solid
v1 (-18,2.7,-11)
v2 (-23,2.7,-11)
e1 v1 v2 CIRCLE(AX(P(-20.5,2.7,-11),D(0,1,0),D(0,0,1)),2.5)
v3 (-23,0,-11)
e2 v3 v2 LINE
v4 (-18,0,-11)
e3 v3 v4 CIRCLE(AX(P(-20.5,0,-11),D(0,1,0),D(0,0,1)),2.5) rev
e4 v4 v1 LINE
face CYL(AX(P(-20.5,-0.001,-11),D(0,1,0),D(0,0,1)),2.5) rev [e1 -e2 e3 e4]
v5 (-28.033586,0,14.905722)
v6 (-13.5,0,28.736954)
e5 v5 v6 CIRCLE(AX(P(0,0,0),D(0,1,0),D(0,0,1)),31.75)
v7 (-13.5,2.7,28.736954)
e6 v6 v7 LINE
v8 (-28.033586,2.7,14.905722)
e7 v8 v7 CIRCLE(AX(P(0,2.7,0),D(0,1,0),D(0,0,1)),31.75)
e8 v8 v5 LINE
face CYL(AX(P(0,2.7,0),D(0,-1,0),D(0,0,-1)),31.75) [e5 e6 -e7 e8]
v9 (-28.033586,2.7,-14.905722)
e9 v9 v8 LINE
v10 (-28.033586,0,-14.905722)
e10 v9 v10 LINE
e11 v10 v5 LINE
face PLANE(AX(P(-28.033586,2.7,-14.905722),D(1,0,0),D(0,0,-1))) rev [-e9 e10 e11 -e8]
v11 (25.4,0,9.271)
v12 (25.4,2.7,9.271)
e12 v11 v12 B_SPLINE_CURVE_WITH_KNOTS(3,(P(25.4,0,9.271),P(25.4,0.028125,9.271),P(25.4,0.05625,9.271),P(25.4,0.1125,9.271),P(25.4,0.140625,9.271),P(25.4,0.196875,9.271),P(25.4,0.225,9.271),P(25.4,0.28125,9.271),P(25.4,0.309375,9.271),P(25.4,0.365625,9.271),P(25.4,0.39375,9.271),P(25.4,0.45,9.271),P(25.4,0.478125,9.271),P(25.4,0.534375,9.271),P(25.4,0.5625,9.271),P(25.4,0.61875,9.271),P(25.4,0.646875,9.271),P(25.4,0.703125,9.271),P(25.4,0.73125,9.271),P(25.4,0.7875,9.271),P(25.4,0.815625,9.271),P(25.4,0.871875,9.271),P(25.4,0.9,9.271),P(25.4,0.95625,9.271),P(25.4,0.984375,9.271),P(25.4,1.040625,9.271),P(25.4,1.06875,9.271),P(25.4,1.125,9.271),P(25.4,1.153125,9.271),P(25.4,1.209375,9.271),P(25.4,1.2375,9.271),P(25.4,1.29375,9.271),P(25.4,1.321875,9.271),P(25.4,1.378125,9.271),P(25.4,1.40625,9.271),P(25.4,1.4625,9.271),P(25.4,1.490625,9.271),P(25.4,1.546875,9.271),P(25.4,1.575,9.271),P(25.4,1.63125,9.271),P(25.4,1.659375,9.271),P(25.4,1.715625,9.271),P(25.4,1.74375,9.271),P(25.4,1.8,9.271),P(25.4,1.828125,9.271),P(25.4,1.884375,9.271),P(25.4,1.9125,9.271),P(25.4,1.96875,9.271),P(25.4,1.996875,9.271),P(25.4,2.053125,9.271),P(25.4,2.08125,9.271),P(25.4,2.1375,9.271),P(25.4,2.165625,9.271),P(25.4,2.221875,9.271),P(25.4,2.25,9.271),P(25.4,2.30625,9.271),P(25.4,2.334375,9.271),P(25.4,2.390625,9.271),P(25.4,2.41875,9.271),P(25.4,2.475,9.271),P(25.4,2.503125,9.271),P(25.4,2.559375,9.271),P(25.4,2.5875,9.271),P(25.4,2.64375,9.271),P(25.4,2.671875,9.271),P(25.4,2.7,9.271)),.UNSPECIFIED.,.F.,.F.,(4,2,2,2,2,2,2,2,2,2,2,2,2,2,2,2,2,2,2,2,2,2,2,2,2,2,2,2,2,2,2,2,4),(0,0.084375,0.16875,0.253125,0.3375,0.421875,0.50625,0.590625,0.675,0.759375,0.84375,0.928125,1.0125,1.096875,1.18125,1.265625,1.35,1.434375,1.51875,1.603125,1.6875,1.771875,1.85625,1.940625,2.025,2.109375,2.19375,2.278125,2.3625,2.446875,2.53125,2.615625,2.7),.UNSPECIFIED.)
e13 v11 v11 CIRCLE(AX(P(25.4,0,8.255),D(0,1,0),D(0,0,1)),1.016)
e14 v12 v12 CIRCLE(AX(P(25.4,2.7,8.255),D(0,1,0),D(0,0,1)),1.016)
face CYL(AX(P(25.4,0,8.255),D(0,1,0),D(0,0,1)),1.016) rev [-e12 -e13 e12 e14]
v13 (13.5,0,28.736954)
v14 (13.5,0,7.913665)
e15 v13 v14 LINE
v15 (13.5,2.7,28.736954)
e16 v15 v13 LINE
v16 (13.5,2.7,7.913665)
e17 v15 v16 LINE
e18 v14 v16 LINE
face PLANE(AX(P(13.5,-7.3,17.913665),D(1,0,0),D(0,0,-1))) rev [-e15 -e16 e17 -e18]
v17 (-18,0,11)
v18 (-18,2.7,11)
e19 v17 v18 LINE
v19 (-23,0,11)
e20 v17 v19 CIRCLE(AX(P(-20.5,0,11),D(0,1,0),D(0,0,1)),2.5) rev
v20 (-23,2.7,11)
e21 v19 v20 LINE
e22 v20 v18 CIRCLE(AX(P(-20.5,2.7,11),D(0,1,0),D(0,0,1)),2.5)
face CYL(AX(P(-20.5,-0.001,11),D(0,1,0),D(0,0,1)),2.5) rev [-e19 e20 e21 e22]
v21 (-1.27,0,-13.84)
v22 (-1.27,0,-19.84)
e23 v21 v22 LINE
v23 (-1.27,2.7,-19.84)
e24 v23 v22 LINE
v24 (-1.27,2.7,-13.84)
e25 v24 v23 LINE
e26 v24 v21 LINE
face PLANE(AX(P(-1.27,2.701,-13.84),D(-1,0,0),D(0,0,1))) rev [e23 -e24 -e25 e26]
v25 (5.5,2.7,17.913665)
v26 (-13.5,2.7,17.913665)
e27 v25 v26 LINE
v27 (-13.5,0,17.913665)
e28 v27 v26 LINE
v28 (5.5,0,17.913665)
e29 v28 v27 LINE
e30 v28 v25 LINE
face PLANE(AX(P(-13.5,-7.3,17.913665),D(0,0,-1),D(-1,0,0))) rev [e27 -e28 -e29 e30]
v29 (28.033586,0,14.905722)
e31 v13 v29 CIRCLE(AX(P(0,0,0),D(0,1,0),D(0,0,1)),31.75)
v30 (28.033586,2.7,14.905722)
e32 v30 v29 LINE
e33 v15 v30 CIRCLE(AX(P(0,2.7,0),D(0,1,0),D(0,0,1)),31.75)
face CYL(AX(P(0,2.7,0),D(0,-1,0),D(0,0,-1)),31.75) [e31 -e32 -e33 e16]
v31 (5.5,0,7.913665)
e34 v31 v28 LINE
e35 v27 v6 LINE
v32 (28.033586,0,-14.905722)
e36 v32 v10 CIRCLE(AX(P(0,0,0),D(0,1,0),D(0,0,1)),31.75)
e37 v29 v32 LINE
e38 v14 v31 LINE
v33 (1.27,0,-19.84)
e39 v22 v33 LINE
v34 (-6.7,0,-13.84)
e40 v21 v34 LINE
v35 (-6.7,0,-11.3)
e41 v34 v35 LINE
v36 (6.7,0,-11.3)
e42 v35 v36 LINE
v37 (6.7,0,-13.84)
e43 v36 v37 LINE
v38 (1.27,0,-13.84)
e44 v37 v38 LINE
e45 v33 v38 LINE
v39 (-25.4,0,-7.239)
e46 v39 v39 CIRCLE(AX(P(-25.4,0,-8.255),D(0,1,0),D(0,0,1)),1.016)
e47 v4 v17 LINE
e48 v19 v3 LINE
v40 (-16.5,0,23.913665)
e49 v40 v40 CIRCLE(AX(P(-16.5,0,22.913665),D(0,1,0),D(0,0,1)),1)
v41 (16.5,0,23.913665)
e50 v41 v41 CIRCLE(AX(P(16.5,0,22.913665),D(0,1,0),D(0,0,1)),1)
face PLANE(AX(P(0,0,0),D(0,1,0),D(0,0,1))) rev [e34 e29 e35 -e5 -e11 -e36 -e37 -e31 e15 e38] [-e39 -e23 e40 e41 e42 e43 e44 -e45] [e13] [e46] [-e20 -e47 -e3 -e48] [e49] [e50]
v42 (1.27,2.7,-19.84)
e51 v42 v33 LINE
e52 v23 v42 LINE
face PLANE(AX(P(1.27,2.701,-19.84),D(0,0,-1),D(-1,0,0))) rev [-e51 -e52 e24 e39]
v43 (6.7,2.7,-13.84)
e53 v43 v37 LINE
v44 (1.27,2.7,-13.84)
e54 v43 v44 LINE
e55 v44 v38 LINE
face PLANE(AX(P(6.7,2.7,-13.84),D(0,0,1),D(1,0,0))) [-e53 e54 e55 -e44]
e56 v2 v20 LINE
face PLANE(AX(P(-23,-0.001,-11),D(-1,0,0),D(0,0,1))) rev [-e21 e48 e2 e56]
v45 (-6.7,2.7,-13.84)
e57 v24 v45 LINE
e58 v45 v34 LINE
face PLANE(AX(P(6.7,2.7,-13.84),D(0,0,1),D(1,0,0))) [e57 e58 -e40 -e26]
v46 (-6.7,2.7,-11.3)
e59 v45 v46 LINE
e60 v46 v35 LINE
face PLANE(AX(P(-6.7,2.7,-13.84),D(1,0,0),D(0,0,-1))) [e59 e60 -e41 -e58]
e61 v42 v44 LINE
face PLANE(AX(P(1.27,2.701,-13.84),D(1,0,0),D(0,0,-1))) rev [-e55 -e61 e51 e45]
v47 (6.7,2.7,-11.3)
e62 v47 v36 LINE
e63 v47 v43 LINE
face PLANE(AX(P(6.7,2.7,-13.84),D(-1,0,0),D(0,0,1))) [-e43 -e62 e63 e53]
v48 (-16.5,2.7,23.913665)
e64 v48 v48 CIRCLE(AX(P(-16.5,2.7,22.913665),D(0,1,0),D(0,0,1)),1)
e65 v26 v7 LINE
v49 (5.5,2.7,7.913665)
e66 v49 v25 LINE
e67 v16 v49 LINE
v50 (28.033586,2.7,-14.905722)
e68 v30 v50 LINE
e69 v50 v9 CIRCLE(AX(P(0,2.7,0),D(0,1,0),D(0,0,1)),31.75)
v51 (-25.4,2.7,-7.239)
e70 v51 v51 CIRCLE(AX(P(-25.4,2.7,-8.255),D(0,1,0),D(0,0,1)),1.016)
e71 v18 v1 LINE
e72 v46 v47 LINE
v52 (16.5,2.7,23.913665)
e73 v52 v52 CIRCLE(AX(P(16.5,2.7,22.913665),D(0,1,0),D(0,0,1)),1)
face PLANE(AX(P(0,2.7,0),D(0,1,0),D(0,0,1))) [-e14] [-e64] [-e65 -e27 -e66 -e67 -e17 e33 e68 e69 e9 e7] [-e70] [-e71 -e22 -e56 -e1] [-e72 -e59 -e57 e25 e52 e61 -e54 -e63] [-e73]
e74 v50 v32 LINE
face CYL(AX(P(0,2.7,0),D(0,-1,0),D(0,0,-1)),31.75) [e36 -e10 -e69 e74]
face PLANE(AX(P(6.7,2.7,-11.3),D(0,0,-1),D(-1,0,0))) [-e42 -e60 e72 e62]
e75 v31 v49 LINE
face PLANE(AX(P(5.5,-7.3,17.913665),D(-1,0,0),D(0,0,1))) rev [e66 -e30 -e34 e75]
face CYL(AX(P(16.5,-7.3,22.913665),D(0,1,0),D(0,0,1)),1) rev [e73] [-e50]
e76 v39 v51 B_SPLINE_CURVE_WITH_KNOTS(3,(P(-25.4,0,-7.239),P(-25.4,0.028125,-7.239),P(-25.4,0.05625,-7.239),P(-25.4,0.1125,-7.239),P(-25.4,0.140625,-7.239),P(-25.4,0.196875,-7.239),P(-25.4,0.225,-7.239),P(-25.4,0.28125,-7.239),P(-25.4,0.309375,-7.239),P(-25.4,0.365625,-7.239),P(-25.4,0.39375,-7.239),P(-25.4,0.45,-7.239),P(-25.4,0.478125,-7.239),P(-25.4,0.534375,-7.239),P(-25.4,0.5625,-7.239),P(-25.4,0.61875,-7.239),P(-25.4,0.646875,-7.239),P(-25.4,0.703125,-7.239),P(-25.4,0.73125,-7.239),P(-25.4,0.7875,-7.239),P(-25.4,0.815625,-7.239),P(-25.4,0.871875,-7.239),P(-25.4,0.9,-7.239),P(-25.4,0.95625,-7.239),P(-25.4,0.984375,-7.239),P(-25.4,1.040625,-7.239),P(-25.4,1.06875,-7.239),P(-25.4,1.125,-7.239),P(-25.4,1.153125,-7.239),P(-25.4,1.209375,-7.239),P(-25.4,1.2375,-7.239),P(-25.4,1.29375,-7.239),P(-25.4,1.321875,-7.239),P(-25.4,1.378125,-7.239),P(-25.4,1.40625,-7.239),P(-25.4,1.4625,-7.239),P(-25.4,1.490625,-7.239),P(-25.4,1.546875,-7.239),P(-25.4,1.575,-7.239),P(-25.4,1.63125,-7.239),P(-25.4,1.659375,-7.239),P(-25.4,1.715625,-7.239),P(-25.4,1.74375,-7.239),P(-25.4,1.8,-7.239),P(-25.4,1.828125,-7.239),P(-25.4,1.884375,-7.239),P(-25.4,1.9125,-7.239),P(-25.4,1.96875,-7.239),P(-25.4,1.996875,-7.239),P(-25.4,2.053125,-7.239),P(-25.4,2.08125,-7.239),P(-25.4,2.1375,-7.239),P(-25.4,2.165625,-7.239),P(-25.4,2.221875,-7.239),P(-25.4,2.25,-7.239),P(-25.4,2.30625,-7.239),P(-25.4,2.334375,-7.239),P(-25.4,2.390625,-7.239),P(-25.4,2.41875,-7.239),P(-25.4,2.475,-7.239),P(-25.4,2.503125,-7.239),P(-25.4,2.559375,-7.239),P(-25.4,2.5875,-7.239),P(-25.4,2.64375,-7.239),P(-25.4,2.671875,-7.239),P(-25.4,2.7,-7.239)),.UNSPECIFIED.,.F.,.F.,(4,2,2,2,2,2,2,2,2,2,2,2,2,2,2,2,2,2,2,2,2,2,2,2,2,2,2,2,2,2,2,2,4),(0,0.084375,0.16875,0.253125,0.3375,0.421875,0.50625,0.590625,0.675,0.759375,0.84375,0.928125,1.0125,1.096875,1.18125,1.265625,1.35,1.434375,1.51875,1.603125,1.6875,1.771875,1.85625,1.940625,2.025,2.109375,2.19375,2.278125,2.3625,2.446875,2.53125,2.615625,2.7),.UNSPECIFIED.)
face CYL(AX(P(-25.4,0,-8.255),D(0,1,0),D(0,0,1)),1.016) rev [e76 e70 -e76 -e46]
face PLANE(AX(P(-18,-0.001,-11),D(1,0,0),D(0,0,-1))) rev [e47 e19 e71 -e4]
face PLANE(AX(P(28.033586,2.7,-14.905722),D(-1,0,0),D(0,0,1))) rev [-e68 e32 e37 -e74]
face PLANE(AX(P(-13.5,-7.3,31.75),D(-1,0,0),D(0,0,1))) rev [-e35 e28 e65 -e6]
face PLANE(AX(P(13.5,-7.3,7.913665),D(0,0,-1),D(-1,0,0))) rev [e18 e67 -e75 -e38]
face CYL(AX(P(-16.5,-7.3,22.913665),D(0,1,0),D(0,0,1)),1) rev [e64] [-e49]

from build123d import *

# Parameters (mm, degrees)
SKETCH1_W          = 13.4
SKETCH1_H          = 2.54
BASE_DEPTH         = 2.7
WHEEL_HOLE_REACH   = 44.441
SKETCH9_R          = 1.016
CHIP_HOLDING_DEPTH = 43.440952488
NUB_SLOT_REACH     = 44.441
SKETCH10_W         = 2.54
SKETCH10_H         = 6
SKETCH11_R         = 1
CUT_EXTRUDE1_DEPTH = 10


with BuildPart() as part:
    # Sketch1 → Base (new body)
    with BuildSketch(Plane(origin=(0, 0, 0), x_dir=(1, 0, 0), z_dir=(0, 1, 0))):
        with BuildLine():
            Line((28.033586073, 14.905722118), (28.033586073, -14.905722118))
            ThreePointArc((28.033586073, -14.905722118), (0, -31.75), (-28.033586073, -14.905722118))
            Line((-28.033586073, -14.905722118), (-28.033586073, 14.905722118))
            ThreePointArc((-28.033586073, 14.905722118), (0, 31.75), (28.033586073, 14.905722118))
        make_face()
        with Locations((0, 12.57)):
            Rectangle(SKETCH1_W, SKETCH1_H, mode=Mode.SUBTRACT)
    extrude(amount=BASE_DEPTH)

    # Sketch2 → Wheel Hole (cut, up to next)
    with BuildSketch(Plane(origin=(0, 2.7, 0), x_dir=(-1, 0, 0), z_dir=(0, 1, 0)), mode=Mode.PRIVATE) as wheel_hole_sk1:
        with BuildLine():
            Line((18, -11), (18, 11))
            ThreePointArc((18, 11), (20.5, 13.5), (23, 11))
            Line((23, 11), (23, -11))
            ThreePointArc((23, -11), (20.5, -13.5), (18, -11))
        make_face()
    wheel_hole_tool1 = extrude(wheel_hole_sk1.sketch, amount=-WHEEL_HOLE_REACH, mode=Mode.PRIVATE) & part.part
    add(wheel_hole_tool1.solids().sort_by_distance((-20.5, 2.7, 0))[0], mode=Mode.SUBTRACT)

    # Sketch9 → Chip Holding (cut, through all)
    with BuildSketch(Plane(origin=(0, 2.7, 0), x_dir=(-1, 0, 0), z_dir=(0, 1, 0))):
        with Locations(Location((25.4, -8.255, 0), (0, 0, 90))):
            Circle(SKETCH9_R)
        with Locations(Location((-25.4, 8.255, 0), (0, 0, 90))):
            Circle(SKETCH9_R)
    extrude(amount=-CHIP_HOLDING_DEPTH, mode=Mode.SUBTRACT)

    # Sketch10 → Nub Slot (cut, up to next)
    with BuildSketch(Plane.XZ, mode=Mode.PRIVATE) as nub_slot_sk1:
        with Locations((0, -16.84)):
            Rectangle(SKETCH10_W, SKETCH10_H)
    nub_slot_tool1 = extrude(nub_slot_sk1.sketch, amount=-NUB_SLOT_REACH, mode=Mode.PRIVATE) & part.part
    add(nub_slot_tool1.solids().sort_by_distance((0, 0, -16.84))[0], mode=Mode.SUBTRACT)

    # Sketch11 → Cut-Extrude1 (cut)
    with BuildSketch(Plane(origin=(0, 2.7, 0), x_dir=(1, 0, 0), z_dir=(0, 1, 0))):
        with Locations(Location((16.5, -22.91366528, 0), (0, 0, 270))):
            Circle(SKETCH11_R)
        with Locations(Location((-16.5, -22.91366528, 0), (0, 0, 270))):
            Circle(SKETCH11_R)
        Polygon((-13.5, -31.75), (13.5, -31.75), (13.5, -17.91366528), (13.5, -7.91366528), (5.5, -7.91366528), (5.5, -17.91366528), (-13.5, -17.91366528), align=None)
    extrude(amount=-CUT_EXTRUDE1_DEPTH, mode=Mode.SUBTRACT)


solid = part.part
